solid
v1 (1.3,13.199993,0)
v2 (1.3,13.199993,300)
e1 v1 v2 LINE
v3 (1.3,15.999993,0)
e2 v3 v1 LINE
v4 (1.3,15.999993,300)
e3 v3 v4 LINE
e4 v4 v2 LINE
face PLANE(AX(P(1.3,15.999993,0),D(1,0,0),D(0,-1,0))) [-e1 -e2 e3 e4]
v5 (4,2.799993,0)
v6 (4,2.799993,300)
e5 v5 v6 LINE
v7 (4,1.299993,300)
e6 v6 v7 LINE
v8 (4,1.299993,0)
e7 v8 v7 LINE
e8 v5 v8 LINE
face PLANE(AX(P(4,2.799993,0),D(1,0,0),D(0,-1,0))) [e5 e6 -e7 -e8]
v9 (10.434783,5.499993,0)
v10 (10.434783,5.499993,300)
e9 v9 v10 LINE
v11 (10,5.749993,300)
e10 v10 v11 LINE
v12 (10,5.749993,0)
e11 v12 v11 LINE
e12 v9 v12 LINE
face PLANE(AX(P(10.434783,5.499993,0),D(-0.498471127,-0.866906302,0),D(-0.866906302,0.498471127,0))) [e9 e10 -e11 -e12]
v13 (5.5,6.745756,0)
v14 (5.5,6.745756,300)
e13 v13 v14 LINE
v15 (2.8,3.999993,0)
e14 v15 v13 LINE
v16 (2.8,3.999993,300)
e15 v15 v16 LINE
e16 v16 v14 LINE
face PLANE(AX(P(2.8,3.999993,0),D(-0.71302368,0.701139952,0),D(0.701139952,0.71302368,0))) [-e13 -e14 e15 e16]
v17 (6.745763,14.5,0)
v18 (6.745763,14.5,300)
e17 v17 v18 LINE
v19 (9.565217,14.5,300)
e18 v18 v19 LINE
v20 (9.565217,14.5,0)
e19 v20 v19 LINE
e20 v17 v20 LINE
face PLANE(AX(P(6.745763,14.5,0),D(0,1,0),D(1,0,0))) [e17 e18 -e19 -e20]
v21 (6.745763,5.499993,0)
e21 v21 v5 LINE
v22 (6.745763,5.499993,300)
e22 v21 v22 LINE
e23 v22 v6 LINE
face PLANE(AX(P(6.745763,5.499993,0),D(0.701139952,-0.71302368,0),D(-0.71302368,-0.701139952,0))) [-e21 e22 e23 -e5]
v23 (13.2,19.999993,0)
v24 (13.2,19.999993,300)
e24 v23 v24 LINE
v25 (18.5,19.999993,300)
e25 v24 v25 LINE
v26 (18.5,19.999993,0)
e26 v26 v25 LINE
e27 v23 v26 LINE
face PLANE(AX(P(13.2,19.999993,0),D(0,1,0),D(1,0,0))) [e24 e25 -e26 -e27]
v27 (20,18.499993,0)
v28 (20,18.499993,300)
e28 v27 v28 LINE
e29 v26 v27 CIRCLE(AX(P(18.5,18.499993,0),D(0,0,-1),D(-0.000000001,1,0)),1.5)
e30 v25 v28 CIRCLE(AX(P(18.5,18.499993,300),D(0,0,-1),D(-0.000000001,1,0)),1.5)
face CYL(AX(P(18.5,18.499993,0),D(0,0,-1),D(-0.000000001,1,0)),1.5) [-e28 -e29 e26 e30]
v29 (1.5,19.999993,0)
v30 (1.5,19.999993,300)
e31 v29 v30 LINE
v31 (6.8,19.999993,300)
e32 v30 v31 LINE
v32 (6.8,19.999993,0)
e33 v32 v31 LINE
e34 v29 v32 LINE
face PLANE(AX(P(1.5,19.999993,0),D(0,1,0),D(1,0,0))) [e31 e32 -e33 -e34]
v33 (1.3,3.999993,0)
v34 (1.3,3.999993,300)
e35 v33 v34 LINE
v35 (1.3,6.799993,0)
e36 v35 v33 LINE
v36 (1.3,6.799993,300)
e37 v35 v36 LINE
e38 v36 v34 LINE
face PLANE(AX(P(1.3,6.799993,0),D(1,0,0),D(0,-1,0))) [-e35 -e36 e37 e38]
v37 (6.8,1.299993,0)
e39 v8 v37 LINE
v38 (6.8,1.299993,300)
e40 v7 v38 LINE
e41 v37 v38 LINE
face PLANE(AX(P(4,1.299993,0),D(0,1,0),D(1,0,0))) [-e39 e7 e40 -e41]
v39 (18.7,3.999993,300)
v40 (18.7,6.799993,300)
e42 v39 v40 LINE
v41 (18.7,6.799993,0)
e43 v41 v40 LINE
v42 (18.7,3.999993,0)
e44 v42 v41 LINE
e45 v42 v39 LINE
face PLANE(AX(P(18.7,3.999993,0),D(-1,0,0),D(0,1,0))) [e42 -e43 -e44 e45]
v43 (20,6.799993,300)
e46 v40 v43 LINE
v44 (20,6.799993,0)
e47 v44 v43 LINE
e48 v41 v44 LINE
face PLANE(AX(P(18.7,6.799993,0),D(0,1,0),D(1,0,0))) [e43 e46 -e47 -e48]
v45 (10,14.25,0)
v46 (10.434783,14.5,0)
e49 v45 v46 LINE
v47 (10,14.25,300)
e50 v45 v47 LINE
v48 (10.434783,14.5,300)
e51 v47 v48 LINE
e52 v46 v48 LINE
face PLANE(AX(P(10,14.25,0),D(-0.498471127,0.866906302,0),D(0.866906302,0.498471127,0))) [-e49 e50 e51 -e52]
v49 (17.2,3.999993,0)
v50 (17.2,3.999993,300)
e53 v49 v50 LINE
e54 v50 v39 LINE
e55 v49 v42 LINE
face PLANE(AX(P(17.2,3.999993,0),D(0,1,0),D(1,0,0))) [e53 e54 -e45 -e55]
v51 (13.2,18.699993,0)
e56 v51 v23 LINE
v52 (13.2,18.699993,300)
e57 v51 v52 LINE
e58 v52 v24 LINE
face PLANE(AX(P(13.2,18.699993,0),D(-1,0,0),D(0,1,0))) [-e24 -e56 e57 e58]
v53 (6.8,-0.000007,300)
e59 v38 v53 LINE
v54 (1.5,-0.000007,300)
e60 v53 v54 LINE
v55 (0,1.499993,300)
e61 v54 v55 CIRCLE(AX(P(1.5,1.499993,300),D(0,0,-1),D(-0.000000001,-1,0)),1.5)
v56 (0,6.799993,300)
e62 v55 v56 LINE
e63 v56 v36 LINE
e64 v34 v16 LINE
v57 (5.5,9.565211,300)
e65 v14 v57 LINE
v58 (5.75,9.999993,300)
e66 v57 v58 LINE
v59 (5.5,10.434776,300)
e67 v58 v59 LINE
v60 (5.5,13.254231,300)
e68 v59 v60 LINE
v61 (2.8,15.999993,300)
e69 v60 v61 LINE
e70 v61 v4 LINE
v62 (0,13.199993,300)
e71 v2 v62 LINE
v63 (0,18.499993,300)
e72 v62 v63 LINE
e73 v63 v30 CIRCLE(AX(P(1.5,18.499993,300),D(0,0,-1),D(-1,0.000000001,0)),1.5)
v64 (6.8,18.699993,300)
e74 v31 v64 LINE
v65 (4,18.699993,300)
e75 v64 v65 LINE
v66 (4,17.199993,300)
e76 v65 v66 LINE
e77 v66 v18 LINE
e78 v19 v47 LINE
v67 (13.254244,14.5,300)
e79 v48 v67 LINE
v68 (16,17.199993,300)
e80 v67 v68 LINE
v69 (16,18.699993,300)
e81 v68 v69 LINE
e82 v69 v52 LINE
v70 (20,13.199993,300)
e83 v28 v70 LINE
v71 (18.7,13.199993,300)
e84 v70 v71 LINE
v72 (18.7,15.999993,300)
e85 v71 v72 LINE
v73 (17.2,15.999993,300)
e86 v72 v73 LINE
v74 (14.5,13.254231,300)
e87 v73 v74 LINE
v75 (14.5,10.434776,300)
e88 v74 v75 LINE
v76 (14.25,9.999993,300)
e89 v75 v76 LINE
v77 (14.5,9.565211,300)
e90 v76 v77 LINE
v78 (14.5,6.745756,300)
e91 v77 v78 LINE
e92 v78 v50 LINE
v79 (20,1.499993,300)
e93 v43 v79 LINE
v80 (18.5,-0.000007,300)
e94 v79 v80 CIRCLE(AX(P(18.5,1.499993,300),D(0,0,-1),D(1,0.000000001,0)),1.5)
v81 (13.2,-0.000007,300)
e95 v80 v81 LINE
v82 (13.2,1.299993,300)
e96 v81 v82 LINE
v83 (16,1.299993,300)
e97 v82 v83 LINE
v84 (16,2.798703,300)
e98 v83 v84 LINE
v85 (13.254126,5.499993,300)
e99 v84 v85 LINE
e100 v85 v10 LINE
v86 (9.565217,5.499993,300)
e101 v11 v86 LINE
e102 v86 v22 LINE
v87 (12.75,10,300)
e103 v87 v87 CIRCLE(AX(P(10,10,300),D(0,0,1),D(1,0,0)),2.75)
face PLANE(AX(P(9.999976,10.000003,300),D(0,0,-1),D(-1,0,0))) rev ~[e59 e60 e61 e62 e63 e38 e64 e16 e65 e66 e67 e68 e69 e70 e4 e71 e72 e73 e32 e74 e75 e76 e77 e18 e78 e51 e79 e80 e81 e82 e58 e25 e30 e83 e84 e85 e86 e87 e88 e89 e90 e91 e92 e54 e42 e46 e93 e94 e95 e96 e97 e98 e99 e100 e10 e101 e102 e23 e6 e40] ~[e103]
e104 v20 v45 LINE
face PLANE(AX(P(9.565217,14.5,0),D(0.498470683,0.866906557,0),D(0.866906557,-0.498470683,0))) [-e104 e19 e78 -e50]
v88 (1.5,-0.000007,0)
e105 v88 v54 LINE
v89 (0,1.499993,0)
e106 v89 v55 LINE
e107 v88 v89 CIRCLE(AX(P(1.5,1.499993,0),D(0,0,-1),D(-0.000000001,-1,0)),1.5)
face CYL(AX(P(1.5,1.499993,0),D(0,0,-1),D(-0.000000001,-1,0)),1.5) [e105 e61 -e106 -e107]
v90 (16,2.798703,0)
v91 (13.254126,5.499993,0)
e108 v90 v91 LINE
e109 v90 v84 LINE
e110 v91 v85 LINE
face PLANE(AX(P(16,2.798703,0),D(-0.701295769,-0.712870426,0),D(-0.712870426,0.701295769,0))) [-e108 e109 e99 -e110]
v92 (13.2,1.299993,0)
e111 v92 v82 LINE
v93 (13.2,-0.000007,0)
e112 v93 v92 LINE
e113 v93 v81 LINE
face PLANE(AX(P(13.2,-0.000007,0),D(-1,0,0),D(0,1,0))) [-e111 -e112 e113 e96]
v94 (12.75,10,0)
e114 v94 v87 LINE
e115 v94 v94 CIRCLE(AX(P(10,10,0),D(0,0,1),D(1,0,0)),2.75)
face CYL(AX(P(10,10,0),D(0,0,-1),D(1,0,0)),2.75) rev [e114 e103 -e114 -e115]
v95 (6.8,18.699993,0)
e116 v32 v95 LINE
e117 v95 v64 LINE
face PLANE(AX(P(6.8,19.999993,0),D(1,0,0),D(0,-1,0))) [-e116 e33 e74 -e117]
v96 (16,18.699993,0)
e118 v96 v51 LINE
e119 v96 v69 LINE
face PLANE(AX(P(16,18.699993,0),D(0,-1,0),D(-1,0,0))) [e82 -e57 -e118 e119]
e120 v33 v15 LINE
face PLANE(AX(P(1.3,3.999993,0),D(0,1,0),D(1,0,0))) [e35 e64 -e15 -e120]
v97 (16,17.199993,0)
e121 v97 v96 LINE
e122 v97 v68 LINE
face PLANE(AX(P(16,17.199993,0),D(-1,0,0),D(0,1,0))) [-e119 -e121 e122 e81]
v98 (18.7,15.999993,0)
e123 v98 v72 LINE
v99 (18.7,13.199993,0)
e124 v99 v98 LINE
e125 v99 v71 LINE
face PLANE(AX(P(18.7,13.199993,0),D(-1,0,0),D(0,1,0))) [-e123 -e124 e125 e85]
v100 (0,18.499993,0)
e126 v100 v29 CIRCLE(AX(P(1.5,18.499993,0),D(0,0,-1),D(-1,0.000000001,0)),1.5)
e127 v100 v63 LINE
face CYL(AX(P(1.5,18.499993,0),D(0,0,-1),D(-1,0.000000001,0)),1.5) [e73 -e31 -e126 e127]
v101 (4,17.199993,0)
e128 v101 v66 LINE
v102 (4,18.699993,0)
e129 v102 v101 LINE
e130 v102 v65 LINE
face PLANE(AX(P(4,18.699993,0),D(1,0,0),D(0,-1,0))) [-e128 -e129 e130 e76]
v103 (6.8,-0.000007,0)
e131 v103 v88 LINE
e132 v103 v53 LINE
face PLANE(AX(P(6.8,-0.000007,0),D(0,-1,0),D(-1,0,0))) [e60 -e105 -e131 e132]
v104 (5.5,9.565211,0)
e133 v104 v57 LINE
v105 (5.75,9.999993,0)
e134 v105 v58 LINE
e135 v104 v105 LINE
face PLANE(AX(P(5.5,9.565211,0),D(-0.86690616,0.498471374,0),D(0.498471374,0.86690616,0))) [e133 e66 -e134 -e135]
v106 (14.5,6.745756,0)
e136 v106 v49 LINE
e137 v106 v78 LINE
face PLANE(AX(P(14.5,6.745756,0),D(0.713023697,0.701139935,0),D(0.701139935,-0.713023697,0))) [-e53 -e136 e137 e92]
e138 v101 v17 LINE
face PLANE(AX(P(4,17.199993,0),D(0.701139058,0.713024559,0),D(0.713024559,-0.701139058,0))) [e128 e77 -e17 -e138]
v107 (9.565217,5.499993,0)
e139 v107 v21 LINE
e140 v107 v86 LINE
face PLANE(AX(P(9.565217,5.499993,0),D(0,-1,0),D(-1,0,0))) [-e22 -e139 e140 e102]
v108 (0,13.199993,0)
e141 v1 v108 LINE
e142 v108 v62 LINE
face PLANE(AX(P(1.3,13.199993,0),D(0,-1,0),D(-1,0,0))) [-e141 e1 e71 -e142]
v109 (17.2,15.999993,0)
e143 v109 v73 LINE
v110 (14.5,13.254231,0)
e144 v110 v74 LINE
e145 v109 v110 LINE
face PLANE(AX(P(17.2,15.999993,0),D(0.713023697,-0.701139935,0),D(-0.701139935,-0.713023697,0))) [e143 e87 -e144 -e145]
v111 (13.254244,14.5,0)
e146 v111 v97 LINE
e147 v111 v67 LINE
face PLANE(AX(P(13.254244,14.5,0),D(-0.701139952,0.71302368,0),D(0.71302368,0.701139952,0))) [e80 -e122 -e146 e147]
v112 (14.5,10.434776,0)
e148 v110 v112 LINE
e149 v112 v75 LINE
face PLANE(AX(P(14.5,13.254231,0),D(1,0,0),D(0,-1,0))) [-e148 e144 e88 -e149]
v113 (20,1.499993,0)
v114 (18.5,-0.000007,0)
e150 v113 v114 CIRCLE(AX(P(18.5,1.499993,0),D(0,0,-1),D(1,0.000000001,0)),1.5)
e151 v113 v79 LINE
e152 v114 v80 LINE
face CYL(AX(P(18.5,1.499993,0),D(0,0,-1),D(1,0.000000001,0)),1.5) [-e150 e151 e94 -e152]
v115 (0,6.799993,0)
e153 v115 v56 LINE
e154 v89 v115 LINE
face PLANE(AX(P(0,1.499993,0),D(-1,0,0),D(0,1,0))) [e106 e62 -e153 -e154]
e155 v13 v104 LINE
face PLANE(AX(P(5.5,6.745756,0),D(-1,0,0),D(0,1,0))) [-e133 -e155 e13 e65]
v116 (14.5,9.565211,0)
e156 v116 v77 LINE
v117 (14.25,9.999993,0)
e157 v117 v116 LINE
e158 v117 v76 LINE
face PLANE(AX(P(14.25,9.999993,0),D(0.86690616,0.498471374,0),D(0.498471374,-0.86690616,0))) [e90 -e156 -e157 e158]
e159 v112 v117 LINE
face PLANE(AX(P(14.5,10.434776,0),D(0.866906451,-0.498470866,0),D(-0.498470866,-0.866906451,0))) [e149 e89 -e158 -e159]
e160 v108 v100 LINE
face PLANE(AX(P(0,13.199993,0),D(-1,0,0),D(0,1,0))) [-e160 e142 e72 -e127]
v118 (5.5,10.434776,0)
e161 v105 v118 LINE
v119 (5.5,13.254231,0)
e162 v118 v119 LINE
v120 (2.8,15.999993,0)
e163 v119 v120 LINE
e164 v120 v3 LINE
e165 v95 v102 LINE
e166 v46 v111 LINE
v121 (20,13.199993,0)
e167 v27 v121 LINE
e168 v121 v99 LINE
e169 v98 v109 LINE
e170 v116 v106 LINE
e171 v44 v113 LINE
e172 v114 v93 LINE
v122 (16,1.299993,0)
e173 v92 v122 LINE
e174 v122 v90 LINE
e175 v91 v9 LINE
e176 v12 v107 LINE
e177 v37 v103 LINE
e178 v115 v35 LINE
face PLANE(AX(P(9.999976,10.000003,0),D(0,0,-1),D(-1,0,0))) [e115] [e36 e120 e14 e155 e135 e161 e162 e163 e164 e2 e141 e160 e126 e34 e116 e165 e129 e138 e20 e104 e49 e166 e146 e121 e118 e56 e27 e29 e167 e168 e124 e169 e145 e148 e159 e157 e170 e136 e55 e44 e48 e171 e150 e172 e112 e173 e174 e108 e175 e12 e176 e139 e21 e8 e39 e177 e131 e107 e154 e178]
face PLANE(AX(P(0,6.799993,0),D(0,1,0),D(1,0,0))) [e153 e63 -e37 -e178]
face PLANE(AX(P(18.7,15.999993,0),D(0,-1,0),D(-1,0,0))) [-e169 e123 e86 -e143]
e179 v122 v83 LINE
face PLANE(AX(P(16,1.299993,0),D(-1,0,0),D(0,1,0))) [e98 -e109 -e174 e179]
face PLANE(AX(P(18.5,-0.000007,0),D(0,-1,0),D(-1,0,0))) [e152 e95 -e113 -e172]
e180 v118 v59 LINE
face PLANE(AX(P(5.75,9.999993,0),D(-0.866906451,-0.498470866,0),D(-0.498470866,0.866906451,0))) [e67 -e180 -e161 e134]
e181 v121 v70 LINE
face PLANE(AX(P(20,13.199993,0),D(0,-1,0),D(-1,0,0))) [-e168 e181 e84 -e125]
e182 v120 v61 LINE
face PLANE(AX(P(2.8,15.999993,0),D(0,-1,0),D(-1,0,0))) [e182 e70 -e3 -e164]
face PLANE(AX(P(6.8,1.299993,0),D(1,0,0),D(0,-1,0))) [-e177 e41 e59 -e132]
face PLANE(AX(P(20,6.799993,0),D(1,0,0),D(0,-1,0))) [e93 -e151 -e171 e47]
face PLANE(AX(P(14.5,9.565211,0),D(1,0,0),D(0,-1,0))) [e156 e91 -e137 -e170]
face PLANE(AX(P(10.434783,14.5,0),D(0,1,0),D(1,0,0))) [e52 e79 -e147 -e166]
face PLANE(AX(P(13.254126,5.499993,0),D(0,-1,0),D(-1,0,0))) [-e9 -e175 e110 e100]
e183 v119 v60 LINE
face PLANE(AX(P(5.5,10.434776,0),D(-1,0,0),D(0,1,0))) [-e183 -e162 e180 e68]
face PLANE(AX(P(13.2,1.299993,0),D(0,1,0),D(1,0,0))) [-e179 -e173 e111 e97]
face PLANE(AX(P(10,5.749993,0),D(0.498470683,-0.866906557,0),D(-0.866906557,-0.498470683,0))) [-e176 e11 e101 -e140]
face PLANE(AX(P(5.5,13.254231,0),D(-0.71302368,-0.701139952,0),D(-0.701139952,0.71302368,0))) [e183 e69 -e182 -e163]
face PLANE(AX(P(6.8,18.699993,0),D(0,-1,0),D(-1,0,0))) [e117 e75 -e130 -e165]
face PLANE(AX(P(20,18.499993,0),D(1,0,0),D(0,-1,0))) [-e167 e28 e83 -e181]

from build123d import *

# Parameters (mm, degrees)
MODEL_R             = 2.75
BOSS_EXTRUDE1_DEPTH = 300


with BuildPart() as part:
    # Model → Boss-Extrude1 (new body)
    with BuildSketch(Plane.XY):
        with BuildLine():
            Line((1.499999935, 19.99999323), (6.799999935, 19.99999323))
            Line((6.799999935, 19.99999323), (6.799999935, 18.69999323))
            Line((6.799999935, 18.69999323), (3.999999935, 18.69999323))
            Line((3.999999935, 18.69999323), (3.999999935, 17.19999323))
            Line((3.999999935, 17.19999323), (6.745762647, 14.5))
            Line((6.745762647, 14.5), (9.565216879, 14.5))
            Line((9.565216879, 14.5), (10, 14.25))
            Line((10, 14.25), (10.434782606, 14.5))
            Line((10.434782606, 14.5), (13.254244108, 14.5))
            Line((13.254244108, 14.5), (15.999999935, 17.19999323))
            Line((15.999999935, 17.19999323), (15.999999935, 18.69999323))
            Line((15.999999935, 18.69999323), (13.199999935, 18.69999323))
            Line((13.199999935, 18.69999323), (13.199999935, 19.99999323))
            Line((13.199999935, 19.99999323), (18.499999935, 19.99999323))
            ThreePointArc((18.499999935, 19.99999323), (19.560660107, 19.560653402), (19.999999935, 18.49999323))
            Line((19.999999935, 18.49999323), (19.999999935, 13.19999323))
            Line((19.999999935, 13.19999323), (18.699999935, 13.19999323))
            Line((18.699999935, 13.19999323), (18.699999935, 15.99999323))
            Line((18.699999935, 15.99999323), (17.199999935, 15.99999323))
            Line((17.199999935, 15.99999323), (14.500000065, 13.254230518))
            Line((14.500000065, 13.254230518), (14.500000065, 10.434776138))
            Line((14.500000065, 10.434776138), (14.250000065, 9.99999323))
            Line((14.250000065, 9.99999323), (14.500000065, 9.565210911))
            Line((14.500000065, 9.565210911), (14.500000065, 6.745755942))
            Line((14.500000065, 6.745755942), (17.199999935, 3.99999323))
            Line((17.199999935, 3.99999323), (18.699999935, 3.99999323))
            Line((18.699999935, 3.99999323), (18.699999935, 6.79999323))
            Line((18.699999935, 6.79999323), (19.999999935, 6.79999323))
            Line((19.999999935, 6.79999323), (19.999999935, 1.49999323))
            ThreePointArc((19.999999935, 1.49999323), (19.560660107, 0.439333058), (18.499999935, -6.77e-06))
            Line((18.499999935, -6.77e-06), (13.199999935, -6.77e-06))
            Line((13.199999935, -6.77e-06), (13.199999935, 1.29999323))
            Line((13.199999935, 1.29999323), (15.999999935, 1.29999323))
            Line((15.999999935, 1.29999323), (15.999999935, 2.798703306))
            Line((15.999999935, 2.798703306), (13.254126104, 5.49999323))
            Line((13.254126104, 5.49999323), (10.434782606, 5.49999323))
            Line((10.434782606, 5.49999323), (10, 5.74999323))
            Line((10, 5.74999323), (9.565216879, 5.49999323))
            Line((9.565216879, 5.49999323), (6.745762647, 5.49999323))
            Line((6.745762647, 5.49999323), (3.999999935, 2.79999323))
            Line((3.999999935, 2.79999323), (3.999999935, 1.29999323))
            Line((3.999999935, 1.29999323), (6.799999935, 1.29999323))
            Line((6.799999935, 1.29999323), (6.799999935, -6.77e-06))
            Line((6.799999935, -6.77e-06), (1.499999935, -6.77e-06))
            ThreePointArc((1.499999935, -6.77e-06), (0.439339764, 0.439333058), (-6.5e-08, 1.49999323))
            Line((-6.5e-08, 1.49999323), (-6.5e-08, 6.79999323))
            Line((-6.5e-08, 6.79999323), (1.299999935, 6.79999323))
            Line((1.299999935, 6.79999323), (1.299999935, 3.99999323))
            Line((1.299999935, 3.99999323), (2.799999935, 3.99999323))
            Line((2.799999935, 3.99999323), (5.499999935, 6.745755942))
            Line((5.499999935, 6.745755942), (5.499999935, 9.565210911))
            Line((5.499999935, 9.565210911), (5.749999935, 9.99999323))
            Line((5.749999935, 9.99999323), (5.499999935, 10.434776138))
            Line((5.499999935, 10.434776138), (5.499999935, 13.254230518))
            Line((5.499999935, 13.254230518), (2.799999935, 15.99999323))
            Line((2.799999935, 15.99999323), (1.299999935, 15.99999323))
            Line((1.299999935, 15.99999323), (1.299999935, 13.19999323))
            Line((1.299999935, 13.19999323), (-6.5e-08, 13.19999323))
            Line((-6.5e-08, 13.19999323), (-6.5e-08, 18.49999323))
            ThreePointArc((-6.5e-08, 18.49999323), (0.439339764, 19.560653402), (1.499999935, 19.99999323))
        make_face()
        with Locations((10, 10)):
            Circle(MODEL_R, mode=Mode.SUBTRACT)
    extrude(amount=BOSS_EXTRUDE1_DEPTH)


solid = part.part
